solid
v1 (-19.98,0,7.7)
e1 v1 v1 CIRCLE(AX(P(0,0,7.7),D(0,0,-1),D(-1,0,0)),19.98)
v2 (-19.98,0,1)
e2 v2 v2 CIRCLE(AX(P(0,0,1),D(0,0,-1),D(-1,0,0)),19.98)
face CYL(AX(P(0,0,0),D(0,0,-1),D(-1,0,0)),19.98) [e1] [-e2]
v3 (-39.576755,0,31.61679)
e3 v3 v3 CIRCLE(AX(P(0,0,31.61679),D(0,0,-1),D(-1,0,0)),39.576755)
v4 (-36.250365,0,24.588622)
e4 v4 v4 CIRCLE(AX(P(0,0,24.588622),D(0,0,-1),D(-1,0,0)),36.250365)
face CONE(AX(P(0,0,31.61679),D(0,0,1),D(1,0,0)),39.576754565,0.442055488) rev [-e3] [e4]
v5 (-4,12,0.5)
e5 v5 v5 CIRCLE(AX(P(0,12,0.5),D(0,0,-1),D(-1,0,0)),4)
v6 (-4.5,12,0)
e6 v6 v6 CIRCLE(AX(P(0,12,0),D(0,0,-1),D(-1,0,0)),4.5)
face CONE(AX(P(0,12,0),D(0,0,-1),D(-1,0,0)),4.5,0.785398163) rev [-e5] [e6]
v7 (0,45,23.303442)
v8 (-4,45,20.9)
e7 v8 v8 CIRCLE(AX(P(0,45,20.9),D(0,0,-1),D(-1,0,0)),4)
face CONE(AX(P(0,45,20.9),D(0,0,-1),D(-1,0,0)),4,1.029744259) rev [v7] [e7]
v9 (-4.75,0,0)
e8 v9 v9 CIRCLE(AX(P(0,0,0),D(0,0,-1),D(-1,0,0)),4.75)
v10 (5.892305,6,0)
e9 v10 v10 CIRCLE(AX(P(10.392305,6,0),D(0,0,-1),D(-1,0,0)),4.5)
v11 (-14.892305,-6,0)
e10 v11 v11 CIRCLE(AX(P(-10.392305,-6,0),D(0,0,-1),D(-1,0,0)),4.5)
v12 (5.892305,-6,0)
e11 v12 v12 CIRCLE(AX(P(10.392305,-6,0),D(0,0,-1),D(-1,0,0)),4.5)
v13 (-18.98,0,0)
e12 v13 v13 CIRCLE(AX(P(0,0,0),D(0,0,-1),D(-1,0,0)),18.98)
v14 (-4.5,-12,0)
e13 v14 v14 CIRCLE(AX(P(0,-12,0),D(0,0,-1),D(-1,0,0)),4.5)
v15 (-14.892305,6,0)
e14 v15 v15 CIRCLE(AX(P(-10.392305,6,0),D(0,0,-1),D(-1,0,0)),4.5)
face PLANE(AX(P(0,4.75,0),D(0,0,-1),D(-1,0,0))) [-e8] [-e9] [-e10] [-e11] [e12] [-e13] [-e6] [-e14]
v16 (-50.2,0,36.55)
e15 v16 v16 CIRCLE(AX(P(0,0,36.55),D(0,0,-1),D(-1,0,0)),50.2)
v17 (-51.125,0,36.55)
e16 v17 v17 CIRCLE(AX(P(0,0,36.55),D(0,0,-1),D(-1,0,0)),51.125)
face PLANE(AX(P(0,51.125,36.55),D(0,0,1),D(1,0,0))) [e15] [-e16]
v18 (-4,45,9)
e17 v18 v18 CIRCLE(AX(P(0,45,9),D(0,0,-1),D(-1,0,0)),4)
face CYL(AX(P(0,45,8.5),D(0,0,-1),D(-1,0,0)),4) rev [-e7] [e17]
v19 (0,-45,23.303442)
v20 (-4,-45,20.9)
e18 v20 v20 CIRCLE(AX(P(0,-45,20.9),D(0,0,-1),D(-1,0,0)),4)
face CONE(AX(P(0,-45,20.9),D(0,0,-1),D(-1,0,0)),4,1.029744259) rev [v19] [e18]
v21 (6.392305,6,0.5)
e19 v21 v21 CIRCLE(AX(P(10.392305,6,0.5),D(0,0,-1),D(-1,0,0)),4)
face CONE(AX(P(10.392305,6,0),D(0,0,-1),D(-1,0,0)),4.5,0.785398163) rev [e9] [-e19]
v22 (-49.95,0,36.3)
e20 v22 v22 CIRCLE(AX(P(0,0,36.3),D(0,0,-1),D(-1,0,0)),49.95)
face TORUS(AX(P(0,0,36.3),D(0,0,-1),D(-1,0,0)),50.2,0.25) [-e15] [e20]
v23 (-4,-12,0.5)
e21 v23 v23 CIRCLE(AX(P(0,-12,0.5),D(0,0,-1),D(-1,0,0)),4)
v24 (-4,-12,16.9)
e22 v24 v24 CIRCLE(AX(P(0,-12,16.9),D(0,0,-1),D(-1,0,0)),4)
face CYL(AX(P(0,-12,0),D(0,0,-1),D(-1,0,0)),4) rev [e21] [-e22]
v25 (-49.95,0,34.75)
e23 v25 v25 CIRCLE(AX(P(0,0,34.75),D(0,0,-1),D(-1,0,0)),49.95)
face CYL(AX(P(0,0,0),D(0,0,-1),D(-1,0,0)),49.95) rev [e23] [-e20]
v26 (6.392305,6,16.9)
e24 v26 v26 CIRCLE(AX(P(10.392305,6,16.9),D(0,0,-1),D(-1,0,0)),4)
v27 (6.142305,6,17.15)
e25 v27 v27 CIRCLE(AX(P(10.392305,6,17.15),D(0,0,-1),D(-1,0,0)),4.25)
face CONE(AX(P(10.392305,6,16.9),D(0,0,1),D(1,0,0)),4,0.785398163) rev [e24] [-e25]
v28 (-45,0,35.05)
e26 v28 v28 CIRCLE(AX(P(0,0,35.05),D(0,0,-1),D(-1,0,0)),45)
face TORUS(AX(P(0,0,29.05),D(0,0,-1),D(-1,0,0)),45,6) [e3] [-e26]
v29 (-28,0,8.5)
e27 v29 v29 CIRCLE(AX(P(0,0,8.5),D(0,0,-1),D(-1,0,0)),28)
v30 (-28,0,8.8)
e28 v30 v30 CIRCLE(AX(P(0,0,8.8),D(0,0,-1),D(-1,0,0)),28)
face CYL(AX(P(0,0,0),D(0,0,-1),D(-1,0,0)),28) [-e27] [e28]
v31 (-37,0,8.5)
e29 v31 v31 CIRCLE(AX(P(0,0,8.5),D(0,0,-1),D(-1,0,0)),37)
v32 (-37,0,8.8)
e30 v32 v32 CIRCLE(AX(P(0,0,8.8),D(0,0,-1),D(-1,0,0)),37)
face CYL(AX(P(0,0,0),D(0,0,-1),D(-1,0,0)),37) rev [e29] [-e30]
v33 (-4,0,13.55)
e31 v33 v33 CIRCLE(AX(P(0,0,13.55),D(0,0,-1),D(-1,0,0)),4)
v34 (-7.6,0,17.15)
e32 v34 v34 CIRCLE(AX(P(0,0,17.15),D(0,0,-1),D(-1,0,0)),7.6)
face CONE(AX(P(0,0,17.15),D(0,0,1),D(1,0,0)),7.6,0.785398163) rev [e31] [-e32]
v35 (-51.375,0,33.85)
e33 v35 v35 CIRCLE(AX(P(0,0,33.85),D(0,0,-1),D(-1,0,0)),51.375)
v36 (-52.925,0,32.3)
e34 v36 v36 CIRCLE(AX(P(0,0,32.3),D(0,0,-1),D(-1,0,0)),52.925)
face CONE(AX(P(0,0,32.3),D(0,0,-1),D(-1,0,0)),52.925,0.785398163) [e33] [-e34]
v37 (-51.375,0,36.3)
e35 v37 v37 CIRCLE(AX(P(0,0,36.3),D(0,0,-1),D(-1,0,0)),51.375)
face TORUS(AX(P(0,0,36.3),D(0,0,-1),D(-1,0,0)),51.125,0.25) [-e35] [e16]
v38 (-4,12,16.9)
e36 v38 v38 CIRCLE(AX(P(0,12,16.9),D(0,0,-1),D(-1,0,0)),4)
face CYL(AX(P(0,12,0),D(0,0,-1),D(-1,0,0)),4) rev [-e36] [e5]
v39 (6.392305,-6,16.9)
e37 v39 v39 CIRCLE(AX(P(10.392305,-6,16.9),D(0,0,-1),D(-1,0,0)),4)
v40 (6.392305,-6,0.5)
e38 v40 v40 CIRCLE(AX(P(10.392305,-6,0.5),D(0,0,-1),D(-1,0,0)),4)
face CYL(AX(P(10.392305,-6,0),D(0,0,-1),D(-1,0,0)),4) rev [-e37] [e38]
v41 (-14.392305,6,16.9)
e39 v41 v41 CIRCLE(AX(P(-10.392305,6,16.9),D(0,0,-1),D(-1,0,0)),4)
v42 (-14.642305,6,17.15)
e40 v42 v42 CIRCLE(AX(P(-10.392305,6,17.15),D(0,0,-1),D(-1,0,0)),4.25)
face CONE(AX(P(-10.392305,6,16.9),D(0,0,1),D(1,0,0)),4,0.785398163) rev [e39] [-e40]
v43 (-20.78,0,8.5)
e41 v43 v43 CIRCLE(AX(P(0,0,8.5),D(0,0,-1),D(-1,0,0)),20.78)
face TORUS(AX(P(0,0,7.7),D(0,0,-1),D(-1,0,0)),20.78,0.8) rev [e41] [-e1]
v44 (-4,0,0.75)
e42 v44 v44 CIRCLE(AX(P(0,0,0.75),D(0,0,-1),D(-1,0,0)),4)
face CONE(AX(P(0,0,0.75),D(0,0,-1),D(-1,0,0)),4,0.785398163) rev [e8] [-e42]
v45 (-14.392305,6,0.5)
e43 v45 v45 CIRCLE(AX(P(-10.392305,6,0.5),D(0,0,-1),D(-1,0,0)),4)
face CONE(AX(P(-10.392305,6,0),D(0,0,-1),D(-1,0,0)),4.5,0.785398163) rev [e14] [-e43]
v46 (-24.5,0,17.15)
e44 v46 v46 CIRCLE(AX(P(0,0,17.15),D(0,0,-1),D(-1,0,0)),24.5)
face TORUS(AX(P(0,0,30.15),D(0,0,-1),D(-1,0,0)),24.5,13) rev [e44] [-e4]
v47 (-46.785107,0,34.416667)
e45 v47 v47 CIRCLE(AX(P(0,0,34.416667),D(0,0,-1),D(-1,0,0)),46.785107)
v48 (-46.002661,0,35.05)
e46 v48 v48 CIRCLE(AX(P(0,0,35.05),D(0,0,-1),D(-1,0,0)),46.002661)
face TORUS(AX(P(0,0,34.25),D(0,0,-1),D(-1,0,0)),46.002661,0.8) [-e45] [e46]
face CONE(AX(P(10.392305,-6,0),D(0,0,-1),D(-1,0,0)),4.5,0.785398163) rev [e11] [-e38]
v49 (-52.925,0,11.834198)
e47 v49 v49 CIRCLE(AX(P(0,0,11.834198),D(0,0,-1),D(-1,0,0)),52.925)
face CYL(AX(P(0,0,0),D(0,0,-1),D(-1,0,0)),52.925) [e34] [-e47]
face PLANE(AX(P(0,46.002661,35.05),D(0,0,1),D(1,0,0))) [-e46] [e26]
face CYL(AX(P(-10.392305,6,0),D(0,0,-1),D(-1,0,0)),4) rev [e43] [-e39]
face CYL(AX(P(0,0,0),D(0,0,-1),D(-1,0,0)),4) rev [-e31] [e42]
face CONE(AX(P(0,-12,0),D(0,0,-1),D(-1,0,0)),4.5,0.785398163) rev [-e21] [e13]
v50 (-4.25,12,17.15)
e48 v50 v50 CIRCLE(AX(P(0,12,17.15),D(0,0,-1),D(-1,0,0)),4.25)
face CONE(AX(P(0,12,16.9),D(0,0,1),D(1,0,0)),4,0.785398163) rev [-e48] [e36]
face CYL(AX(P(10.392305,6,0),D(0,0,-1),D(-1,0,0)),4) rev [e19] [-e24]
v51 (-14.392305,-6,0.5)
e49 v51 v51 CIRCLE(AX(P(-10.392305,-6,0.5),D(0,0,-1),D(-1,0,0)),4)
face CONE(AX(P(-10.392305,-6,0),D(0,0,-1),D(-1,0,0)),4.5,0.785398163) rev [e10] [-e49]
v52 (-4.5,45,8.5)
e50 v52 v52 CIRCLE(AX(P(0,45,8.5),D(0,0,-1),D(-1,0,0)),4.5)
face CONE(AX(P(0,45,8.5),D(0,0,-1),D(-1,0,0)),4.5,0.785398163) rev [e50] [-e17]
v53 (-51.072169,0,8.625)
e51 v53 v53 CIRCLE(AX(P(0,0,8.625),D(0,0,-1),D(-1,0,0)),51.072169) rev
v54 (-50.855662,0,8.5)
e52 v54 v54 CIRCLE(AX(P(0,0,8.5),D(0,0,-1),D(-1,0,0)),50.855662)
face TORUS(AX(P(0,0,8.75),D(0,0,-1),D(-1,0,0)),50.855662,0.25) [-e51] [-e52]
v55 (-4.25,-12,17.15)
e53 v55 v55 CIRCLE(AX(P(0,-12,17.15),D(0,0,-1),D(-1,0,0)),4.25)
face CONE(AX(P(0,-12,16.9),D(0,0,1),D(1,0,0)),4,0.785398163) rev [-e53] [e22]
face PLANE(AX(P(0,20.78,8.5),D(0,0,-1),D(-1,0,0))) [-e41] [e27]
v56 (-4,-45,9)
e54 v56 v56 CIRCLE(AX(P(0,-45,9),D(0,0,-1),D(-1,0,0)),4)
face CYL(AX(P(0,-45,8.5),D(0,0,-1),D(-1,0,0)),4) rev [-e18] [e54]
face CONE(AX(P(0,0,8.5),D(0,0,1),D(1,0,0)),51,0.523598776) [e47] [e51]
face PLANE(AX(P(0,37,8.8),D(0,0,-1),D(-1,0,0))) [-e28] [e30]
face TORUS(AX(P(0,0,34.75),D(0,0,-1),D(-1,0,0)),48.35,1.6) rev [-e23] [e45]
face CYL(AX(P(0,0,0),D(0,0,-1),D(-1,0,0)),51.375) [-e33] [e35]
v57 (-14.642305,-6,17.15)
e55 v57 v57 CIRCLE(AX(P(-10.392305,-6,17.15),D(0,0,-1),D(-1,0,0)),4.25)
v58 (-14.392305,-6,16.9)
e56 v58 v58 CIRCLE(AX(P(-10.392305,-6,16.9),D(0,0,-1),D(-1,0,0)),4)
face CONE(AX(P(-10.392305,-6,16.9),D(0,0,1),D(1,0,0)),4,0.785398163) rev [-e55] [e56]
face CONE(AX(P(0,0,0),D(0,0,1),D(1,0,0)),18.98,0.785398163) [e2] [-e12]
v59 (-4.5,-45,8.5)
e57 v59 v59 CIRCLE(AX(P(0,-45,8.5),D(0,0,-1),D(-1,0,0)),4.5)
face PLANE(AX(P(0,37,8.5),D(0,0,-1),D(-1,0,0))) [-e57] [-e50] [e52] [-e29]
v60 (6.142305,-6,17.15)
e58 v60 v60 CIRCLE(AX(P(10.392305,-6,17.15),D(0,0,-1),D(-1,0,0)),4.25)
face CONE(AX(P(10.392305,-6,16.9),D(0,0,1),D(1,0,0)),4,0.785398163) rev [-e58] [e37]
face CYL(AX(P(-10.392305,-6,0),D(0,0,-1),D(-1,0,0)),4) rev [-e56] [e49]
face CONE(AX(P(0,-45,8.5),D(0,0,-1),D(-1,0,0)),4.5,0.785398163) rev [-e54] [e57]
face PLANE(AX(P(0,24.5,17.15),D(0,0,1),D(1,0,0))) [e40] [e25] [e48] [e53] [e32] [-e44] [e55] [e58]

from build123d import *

# Parameters (mm, degrees)
CIRPATTERN1_COUNT = 6
CIRPATTERN2_COUNT = 2
FILLET1_R         = 0.25


with BuildPart() as part:
    # Sketch1 → Revolve1 (revolve)
    with BuildSketch(Plane(origin=(0, 0, 0), x_dir=(0, 0, -1), z_dir=(1, 0, 0)), mode=Mode.PRIVATE) as revolve1_sk:
        with BuildLine():
            Line((0, 4.75), (0, 18.98))
            Line((0, 18.98), (-1, 19.98))
            Line((-1, 19.98), (-7.7, 19.98))
            ThreePointArc((-7.7, 19.98), (-8.265685425, 20.214314575), (-8.5, 20.78))
            Line((-8.5, 20.78), (-8.5, 28))
            Line((-8.5, 28), (-8.8, 28))
            Line((-8.8, 28), (-8.8, 37))
            Line((-8.8, 37), (-8.5, 37))
            Line((-8.5, 37), (-8.5, 51))
            Line((-8.5, 51), (-11.834197805, 52.925))
            Line((-11.834197805, 52.925), (-32.3, 52.925))
            Line((-32.3, 52.925), (-33.85, 51.375))
            Line((-33.85, 51.375), (-36.3, 51.375))
            ThreePointArc((-36.3, 51.375), (-36.476776695, 51.301776695), (-36.55, 51.125))
            Line((-36.55, 51.125), (-36.55, 50.2))
            ThreePointArc((-36.55, 50.2), (-36.476776695, 50.023223305), (-36.3, 49.95))
            Line((-36.3, 49.95), (-34.75, 49.95))
            ThreePointArc((-34.75, 49.95), (-33.158801053, 48.517588514), (-34.416666667, 46.785107387))
            ThreePointArc((-34.416666667, 46.785107387), (-34.87182527, 46.505983377), (-35.05, 46.002661081))
            Line((-35.05, 46.002661081), (-35.05, 45))
            ThreePointArc((-35.05, 45), (-34.119553122, 41.790696159), (-31.61678962, 39.576754565))
            Line((-31.61678962, 39.576754565), (-24.588622491, 36.250365109))
            ThreePointArc((-24.588622491, 36.250365109), (-19.165968235, 31.453491655), (-17.15, 24.5))
            Line((-17.15, 24.5), (-17.15, 7.6))
            Line((-17.15, 7.6), (-13.55, 4))
            Line((-13.55, 4), (-0.75, 4))
            Line((-0.75, 4), (0, 4.75))
        make_face()
    revolve(revolve1_sk.sketch.rotate(Axis((0, 0, 0), (0, 0, 1)), 90), axis=Axis((0, 0, 0), (0, 0, 1)))

    # Sketch3 → M8.0 (8) Diameter Hole1 (revolve, cut)
    with BuildSketch(Plane(origin=(0, 12, 0), x_dir=(0, 1, 0), z_dir=(1, 0, 0))):
        Polygon((0, 0), (0, 17.15), (4.25, 17.15), (4, 16.9), (4, 0.5), (4.5, 0), align=None)
    m8_0_8_diameter_hole1 = revolve(axis=Axis((0, 12, -6.35), (0, 0, 1)), mode=Mode.SUBTRACT)

    # CirPattern1: M8.0 (8) Diameter Hole1 ×6 about axis
    cirpattern1_axis = Axis((0, 0, 0), (0, 0, 1))
    for i in range(1, CIRPATTERN1_COUNT):
        add(m8_0_8_diameter_hole1.rotate(cirpattern1_axis, i * 360 / CIRPATTERN1_COUNT), mode=Mode.SUBTRACT)

    # Sketch5 → M8.0 (8) Diameter Hole2 (revolve, cut)
    with BuildSketch(Plane(origin=(0, 45, 8.5), x_dir=(0, 1, 0), z_dir=(1, 0, 0))):
        Polygon((0, 0), (0, 14.803442476), (4, 12.4), (4, 0.5), (4.5, 0), align=None)
    m8_0_8_diameter_hole2 = revolve(axis=Axis((0, 45, 2.15), (0, 0, 1)), mode=Mode.SUBTRACT)

    # CirPattern2: M8.0 (8) Diameter Hole2 ×2 about axis
    cirpattern2_axis = Axis((0, 0, 0), (0, 0, 1))
    for i in range(1, CIRPATTERN2_COUNT):
        add(m8_0_8_diameter_hole2.rotate(cirpattern2_axis, i * 360 / CIRPATTERN2_COUNT), mode=Mode.SUBTRACT)

    # Fillet1
    fillet1_edges = [part.edges().sort_by_distance(p)[0] for p in [
        (51, 0, 8.5),
    ]]
    fillet(fillet1_edges, radius=FILLET1_R)


solid = part.part
